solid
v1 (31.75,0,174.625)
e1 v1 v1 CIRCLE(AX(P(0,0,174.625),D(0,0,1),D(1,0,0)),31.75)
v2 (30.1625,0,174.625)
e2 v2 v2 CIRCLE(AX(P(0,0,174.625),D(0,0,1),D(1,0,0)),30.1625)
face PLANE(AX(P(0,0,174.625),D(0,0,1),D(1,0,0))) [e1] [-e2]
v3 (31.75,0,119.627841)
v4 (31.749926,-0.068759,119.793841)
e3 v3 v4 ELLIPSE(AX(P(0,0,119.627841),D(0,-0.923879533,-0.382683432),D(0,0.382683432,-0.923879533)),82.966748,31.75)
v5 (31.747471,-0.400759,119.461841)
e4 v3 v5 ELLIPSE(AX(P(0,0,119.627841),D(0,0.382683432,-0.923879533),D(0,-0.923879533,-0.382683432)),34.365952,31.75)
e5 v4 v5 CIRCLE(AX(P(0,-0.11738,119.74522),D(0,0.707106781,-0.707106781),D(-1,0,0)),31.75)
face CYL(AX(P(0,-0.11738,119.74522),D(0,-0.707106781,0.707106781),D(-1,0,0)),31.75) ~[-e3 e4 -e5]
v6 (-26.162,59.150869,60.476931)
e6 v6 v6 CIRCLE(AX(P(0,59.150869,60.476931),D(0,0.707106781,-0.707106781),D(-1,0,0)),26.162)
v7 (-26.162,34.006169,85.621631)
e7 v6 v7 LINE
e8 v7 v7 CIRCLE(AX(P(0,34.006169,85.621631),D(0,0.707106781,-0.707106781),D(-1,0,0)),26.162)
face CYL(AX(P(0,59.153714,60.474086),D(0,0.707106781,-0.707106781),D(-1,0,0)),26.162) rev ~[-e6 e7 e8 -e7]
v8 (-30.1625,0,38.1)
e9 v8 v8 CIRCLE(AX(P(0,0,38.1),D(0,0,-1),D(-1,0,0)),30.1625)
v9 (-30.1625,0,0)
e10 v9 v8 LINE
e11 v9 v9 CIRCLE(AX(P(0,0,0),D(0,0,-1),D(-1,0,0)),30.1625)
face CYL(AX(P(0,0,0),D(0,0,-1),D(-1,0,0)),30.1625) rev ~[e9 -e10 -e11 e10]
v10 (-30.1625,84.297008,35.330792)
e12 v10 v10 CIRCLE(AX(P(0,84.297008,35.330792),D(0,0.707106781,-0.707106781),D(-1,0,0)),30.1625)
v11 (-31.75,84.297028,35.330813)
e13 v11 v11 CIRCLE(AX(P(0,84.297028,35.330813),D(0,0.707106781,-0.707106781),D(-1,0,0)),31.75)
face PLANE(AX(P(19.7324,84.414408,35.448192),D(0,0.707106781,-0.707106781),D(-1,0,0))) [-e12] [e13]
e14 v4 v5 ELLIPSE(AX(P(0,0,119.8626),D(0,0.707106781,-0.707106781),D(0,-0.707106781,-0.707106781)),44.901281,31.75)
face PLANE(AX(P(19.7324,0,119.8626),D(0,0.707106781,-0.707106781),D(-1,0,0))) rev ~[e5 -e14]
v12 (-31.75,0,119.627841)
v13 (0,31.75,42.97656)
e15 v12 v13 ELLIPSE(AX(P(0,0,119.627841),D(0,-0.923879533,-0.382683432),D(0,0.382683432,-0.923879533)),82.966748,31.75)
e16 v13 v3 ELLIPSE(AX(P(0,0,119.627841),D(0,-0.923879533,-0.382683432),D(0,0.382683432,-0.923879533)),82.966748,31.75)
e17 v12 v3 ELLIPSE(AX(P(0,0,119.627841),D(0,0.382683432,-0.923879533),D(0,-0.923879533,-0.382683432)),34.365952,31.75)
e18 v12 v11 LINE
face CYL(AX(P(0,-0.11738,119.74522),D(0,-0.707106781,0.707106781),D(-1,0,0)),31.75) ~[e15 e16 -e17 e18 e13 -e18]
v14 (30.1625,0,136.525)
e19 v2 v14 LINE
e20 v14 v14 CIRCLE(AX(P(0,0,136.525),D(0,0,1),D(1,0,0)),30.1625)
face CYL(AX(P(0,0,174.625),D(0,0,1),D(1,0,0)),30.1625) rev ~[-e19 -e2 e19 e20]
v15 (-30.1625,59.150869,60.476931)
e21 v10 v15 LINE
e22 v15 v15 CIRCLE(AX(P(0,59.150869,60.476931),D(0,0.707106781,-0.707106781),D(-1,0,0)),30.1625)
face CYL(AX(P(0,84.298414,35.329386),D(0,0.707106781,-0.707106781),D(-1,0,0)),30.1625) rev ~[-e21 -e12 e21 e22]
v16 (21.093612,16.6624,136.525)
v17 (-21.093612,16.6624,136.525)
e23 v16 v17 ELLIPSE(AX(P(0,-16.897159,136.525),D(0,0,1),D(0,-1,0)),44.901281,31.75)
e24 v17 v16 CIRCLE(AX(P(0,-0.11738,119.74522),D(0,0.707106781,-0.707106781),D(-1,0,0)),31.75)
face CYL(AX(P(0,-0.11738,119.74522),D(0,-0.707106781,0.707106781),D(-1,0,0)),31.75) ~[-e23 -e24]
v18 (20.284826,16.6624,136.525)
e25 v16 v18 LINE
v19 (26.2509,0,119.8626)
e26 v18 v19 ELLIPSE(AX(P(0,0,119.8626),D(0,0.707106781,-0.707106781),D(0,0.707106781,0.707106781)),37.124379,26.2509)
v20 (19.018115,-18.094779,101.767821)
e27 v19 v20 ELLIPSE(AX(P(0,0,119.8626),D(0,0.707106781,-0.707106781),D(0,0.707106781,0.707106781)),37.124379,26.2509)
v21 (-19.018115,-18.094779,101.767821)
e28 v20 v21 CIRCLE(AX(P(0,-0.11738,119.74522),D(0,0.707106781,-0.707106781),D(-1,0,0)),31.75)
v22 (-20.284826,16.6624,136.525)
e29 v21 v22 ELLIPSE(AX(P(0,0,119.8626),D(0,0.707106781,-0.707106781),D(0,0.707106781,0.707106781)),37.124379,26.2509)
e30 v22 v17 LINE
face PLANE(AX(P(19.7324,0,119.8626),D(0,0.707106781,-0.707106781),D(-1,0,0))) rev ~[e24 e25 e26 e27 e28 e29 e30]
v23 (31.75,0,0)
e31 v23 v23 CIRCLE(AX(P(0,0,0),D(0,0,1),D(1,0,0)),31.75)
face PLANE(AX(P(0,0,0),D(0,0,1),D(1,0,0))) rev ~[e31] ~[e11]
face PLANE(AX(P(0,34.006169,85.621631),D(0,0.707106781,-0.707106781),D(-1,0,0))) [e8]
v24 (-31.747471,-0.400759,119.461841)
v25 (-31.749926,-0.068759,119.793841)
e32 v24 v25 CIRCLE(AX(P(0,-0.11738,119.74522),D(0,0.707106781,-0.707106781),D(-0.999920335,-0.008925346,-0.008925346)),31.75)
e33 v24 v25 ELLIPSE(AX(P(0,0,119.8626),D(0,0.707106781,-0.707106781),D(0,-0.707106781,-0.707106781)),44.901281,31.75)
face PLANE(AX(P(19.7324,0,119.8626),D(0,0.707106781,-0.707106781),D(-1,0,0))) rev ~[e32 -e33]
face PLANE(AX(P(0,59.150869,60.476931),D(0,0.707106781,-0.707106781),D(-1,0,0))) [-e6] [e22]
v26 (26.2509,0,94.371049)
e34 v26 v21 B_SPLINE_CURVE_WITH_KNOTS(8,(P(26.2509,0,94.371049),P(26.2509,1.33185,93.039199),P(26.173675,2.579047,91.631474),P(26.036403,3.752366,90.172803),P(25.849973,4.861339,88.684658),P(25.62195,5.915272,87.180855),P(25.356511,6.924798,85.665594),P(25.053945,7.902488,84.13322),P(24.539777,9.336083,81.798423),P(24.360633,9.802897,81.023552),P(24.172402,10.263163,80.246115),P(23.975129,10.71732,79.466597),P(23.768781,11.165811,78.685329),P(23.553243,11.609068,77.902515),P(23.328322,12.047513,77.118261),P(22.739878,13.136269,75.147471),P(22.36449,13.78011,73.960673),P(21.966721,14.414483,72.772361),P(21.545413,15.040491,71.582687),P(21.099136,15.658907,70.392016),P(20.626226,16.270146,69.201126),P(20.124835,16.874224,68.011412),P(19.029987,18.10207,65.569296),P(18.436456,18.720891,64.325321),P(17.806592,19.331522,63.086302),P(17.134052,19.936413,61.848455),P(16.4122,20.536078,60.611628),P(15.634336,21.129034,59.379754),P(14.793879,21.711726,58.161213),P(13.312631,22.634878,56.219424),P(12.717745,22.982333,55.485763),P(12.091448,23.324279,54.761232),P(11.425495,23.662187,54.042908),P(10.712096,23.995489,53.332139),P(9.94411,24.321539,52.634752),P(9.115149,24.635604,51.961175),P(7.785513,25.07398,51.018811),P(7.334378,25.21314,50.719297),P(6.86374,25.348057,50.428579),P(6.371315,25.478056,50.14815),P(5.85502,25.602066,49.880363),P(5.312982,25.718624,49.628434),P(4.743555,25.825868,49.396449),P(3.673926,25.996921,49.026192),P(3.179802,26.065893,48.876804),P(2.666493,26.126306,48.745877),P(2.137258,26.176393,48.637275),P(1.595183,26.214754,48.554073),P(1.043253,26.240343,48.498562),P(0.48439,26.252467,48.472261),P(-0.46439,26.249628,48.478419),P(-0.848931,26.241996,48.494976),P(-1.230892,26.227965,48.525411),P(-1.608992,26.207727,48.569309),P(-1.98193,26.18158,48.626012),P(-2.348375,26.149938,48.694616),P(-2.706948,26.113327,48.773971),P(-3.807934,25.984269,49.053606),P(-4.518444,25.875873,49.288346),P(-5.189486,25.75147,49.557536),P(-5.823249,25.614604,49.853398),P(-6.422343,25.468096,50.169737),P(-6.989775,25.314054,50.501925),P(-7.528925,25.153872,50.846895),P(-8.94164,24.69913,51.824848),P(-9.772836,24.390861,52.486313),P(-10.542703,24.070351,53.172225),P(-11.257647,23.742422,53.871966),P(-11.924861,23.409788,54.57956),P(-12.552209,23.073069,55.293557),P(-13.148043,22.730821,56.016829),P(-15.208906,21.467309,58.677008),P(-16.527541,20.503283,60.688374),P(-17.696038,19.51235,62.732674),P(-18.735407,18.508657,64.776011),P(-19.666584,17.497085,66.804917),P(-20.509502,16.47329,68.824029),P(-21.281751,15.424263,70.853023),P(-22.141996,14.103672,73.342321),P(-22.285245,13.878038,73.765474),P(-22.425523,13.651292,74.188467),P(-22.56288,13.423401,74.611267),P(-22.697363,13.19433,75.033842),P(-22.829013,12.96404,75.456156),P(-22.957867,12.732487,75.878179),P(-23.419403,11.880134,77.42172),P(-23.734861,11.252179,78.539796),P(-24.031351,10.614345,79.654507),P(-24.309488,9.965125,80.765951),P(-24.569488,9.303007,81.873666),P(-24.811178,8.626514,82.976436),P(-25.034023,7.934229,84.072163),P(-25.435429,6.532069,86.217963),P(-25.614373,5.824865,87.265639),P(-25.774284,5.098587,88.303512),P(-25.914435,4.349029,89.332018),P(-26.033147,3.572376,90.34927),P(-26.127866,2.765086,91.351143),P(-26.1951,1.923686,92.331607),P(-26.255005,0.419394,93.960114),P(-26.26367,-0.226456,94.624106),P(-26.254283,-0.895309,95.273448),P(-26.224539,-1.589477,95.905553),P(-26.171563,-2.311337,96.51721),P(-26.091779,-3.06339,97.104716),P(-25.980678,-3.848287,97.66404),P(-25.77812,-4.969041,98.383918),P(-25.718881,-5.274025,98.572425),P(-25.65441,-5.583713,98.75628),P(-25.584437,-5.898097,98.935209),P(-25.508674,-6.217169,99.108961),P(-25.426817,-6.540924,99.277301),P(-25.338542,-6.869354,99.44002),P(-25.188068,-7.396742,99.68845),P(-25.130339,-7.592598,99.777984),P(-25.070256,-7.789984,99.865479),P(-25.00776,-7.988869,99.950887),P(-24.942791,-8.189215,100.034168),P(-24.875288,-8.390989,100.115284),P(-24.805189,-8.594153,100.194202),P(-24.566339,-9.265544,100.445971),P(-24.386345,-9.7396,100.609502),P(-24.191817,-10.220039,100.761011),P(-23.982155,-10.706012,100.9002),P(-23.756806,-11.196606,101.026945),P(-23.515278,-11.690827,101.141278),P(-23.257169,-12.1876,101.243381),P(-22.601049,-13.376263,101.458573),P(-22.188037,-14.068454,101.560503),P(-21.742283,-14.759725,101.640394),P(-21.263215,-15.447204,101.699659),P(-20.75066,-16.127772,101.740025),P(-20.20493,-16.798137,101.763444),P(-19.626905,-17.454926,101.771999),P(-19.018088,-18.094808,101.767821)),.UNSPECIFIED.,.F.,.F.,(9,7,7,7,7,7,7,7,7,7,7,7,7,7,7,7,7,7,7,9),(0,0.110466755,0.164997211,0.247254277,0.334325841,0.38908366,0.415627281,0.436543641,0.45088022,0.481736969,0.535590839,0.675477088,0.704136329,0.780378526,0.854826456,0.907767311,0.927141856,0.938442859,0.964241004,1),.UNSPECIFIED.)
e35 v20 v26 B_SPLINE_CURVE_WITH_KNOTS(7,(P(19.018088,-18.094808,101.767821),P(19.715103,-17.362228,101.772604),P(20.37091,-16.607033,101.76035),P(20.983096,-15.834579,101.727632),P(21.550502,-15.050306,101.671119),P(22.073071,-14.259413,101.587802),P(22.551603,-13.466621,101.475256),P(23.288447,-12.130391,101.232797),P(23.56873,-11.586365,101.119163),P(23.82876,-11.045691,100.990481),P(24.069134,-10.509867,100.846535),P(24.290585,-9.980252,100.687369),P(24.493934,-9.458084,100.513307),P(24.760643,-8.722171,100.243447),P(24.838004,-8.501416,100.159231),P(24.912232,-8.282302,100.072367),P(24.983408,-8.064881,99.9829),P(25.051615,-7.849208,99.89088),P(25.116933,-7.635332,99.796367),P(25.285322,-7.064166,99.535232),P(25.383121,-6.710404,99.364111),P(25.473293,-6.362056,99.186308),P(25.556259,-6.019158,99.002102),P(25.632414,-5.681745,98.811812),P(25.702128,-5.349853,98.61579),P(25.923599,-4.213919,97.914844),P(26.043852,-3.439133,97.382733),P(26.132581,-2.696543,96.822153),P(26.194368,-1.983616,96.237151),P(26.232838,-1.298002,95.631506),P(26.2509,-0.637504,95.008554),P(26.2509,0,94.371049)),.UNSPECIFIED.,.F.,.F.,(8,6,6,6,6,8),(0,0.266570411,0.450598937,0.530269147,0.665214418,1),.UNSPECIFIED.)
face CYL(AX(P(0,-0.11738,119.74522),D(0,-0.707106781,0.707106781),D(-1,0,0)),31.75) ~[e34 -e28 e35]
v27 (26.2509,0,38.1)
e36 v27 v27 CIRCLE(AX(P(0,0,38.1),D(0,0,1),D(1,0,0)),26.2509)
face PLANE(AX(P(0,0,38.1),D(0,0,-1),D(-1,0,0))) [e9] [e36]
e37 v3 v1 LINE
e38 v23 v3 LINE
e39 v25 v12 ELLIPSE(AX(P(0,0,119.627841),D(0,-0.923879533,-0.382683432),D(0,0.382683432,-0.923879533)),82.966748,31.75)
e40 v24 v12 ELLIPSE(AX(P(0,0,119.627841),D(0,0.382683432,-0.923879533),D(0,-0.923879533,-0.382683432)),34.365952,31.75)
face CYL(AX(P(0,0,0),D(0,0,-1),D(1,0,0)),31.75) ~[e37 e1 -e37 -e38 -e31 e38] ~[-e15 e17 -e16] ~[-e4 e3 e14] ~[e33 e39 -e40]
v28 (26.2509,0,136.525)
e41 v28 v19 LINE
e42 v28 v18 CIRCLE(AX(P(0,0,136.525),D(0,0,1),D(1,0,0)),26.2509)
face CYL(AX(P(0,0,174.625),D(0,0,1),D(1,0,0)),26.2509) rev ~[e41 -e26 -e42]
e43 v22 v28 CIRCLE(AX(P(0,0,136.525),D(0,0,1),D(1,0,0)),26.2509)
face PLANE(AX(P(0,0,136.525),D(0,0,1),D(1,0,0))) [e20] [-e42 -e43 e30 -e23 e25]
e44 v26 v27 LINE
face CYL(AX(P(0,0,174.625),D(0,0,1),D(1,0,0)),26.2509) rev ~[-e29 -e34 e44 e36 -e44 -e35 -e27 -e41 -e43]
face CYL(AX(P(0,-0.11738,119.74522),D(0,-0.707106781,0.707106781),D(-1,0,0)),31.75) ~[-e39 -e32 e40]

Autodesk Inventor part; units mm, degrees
ref_plane "YZ Plane" through (0, 0, 0) normal (1, 0, 0) x (0, 1, 0)
ref_plane "XZ Plane" through (0, 0, 0) normal (0, 1, 0) x (-1, 0, 0)
sketch "Sketch1" plane through (0, 0, 0) normal (0, 0, 1) x (1, 0, 0)
  circle A0 centre (0, 0) radius 31.75
  dimension "d0" = 63.5
extrude "Extrusion1" add sketch "Sketch1" along normal blind 174.625
sketch "Sketch2" plane through (0, 0, 174.625) normal (0, 0, 1) x (1, 0, 0)
  circle A0 centre (0, 0) radius 31.75 projected
  circle A1 centre (0, 0) radius 26.2509
  dimension "d3" = 52.5018
extrude "Extrusion2" cut sketch "Sketch2" against normal blind 174.625 contours A1
sketch "Sketch3" plane through (0, 0, 174.625) normal (0, 0, 1) x (1, 0, 0)
  circle A0 centre (0, 0) radius 26.2509 projected
  circle A1 centre (0, 0) radius 31.75 projected
  circle A2 centre (0, 0) radius 30.1625
  dimension "d7" = 60.325
extrude "Extrusion3" cut sketch "Sketch3" against normal blind 38.1 contours A2
sketch "Sketch4" plane through (0, 0, 0) normal (0, 0, -1) x (-1, 0, 0)
  circle A0 centre (0, 0) radius 26.2509 projected
  circle A1 centre (0, 0) radius 31.75 projected
  circle A2 centre (0, 0) radius 30.1625
  dimension "d11" = 60.325
extrude "Extrusion4" cut sketch "Sketch4" against normal blind 38.1 contours A2
sketch "Sketch5" plane through (0, 0, 0) normal (0, 0, -1) x (-1, 0, 0)
  circle A0 centre (0, 0) radius 30.1625 projected
  circle A1 centre (0, 0) radius 31.75 projected
  point P0 (0, 31.75)
ref_plane "Work Plane2" through (0, 0, 0) normal (0, 1, 0) x (-1, 0, 0)
ref_plane "Work Plane1" through (0, 31.75, 0) normal (0, 1, 0) x (-1, 0, 0)
sketch "Sketch6" plane through (0, 0, 0) normal (0, 1, 0) x (-1, 0, 0)
  line L0 (-19.7324, 119.8626) -> (17.0407, 119.8626) construction
  line L1 (-30.1625, 174.625) -> (30.1625, 174.625) construction
  point P0 (0, 0)
  dimension "d15" = 54.7624
ref_plane "Work Plane3" through (19.7324, 0, 119.8626) normal (0, 0.7071, -0.7071) x (-1, 0, 0)
sketch "Sketch7" plane through (19.7324, 0, 119.8626) normal (0, 0.7071, -0.7071) x (-1, 0, 0)
  circle A0 centre (19.7324, -0.166) radius 31.75
  point P0 (19.7324, -84.7557)
  dimension "d18" = 63.5
extrude "Extrusion5" add sketch "Sketch7" along normal blind 119.38
sketch "Sketch8" plane through (0, 84.297, 35.3308) normal (0, 0.7071, -0.7071) x (-1, 0, 0)
  circle A0 centre (0, 0) radius 31.75 projected
  circle A1 centre (0, 0) radius 30.1625
  point P0 (0, -84.5897)
  dimension "d21" = 60.325
extrude "Extrusion6" cut sketch "Sketch8" against normal blind 35.56 contours A1
sketch "Sketch9" plane through (0, 59.1523, 60.4755) normal (0, 0.7071, -0.7071) x (-1, 0, 0)
  circle A0 centre (0, 0) radius 30.1625 projected
  circle A1 centre (0, 0) radius 26.162
  point P0 (0, -84.5897)
  dimension "d24" = 52.324
extrude "Extrusion8" cut sketch "Sketch9" against normal blind 35.56 contours A1
properties part number "sup-wye" material "PVC-Piping"
